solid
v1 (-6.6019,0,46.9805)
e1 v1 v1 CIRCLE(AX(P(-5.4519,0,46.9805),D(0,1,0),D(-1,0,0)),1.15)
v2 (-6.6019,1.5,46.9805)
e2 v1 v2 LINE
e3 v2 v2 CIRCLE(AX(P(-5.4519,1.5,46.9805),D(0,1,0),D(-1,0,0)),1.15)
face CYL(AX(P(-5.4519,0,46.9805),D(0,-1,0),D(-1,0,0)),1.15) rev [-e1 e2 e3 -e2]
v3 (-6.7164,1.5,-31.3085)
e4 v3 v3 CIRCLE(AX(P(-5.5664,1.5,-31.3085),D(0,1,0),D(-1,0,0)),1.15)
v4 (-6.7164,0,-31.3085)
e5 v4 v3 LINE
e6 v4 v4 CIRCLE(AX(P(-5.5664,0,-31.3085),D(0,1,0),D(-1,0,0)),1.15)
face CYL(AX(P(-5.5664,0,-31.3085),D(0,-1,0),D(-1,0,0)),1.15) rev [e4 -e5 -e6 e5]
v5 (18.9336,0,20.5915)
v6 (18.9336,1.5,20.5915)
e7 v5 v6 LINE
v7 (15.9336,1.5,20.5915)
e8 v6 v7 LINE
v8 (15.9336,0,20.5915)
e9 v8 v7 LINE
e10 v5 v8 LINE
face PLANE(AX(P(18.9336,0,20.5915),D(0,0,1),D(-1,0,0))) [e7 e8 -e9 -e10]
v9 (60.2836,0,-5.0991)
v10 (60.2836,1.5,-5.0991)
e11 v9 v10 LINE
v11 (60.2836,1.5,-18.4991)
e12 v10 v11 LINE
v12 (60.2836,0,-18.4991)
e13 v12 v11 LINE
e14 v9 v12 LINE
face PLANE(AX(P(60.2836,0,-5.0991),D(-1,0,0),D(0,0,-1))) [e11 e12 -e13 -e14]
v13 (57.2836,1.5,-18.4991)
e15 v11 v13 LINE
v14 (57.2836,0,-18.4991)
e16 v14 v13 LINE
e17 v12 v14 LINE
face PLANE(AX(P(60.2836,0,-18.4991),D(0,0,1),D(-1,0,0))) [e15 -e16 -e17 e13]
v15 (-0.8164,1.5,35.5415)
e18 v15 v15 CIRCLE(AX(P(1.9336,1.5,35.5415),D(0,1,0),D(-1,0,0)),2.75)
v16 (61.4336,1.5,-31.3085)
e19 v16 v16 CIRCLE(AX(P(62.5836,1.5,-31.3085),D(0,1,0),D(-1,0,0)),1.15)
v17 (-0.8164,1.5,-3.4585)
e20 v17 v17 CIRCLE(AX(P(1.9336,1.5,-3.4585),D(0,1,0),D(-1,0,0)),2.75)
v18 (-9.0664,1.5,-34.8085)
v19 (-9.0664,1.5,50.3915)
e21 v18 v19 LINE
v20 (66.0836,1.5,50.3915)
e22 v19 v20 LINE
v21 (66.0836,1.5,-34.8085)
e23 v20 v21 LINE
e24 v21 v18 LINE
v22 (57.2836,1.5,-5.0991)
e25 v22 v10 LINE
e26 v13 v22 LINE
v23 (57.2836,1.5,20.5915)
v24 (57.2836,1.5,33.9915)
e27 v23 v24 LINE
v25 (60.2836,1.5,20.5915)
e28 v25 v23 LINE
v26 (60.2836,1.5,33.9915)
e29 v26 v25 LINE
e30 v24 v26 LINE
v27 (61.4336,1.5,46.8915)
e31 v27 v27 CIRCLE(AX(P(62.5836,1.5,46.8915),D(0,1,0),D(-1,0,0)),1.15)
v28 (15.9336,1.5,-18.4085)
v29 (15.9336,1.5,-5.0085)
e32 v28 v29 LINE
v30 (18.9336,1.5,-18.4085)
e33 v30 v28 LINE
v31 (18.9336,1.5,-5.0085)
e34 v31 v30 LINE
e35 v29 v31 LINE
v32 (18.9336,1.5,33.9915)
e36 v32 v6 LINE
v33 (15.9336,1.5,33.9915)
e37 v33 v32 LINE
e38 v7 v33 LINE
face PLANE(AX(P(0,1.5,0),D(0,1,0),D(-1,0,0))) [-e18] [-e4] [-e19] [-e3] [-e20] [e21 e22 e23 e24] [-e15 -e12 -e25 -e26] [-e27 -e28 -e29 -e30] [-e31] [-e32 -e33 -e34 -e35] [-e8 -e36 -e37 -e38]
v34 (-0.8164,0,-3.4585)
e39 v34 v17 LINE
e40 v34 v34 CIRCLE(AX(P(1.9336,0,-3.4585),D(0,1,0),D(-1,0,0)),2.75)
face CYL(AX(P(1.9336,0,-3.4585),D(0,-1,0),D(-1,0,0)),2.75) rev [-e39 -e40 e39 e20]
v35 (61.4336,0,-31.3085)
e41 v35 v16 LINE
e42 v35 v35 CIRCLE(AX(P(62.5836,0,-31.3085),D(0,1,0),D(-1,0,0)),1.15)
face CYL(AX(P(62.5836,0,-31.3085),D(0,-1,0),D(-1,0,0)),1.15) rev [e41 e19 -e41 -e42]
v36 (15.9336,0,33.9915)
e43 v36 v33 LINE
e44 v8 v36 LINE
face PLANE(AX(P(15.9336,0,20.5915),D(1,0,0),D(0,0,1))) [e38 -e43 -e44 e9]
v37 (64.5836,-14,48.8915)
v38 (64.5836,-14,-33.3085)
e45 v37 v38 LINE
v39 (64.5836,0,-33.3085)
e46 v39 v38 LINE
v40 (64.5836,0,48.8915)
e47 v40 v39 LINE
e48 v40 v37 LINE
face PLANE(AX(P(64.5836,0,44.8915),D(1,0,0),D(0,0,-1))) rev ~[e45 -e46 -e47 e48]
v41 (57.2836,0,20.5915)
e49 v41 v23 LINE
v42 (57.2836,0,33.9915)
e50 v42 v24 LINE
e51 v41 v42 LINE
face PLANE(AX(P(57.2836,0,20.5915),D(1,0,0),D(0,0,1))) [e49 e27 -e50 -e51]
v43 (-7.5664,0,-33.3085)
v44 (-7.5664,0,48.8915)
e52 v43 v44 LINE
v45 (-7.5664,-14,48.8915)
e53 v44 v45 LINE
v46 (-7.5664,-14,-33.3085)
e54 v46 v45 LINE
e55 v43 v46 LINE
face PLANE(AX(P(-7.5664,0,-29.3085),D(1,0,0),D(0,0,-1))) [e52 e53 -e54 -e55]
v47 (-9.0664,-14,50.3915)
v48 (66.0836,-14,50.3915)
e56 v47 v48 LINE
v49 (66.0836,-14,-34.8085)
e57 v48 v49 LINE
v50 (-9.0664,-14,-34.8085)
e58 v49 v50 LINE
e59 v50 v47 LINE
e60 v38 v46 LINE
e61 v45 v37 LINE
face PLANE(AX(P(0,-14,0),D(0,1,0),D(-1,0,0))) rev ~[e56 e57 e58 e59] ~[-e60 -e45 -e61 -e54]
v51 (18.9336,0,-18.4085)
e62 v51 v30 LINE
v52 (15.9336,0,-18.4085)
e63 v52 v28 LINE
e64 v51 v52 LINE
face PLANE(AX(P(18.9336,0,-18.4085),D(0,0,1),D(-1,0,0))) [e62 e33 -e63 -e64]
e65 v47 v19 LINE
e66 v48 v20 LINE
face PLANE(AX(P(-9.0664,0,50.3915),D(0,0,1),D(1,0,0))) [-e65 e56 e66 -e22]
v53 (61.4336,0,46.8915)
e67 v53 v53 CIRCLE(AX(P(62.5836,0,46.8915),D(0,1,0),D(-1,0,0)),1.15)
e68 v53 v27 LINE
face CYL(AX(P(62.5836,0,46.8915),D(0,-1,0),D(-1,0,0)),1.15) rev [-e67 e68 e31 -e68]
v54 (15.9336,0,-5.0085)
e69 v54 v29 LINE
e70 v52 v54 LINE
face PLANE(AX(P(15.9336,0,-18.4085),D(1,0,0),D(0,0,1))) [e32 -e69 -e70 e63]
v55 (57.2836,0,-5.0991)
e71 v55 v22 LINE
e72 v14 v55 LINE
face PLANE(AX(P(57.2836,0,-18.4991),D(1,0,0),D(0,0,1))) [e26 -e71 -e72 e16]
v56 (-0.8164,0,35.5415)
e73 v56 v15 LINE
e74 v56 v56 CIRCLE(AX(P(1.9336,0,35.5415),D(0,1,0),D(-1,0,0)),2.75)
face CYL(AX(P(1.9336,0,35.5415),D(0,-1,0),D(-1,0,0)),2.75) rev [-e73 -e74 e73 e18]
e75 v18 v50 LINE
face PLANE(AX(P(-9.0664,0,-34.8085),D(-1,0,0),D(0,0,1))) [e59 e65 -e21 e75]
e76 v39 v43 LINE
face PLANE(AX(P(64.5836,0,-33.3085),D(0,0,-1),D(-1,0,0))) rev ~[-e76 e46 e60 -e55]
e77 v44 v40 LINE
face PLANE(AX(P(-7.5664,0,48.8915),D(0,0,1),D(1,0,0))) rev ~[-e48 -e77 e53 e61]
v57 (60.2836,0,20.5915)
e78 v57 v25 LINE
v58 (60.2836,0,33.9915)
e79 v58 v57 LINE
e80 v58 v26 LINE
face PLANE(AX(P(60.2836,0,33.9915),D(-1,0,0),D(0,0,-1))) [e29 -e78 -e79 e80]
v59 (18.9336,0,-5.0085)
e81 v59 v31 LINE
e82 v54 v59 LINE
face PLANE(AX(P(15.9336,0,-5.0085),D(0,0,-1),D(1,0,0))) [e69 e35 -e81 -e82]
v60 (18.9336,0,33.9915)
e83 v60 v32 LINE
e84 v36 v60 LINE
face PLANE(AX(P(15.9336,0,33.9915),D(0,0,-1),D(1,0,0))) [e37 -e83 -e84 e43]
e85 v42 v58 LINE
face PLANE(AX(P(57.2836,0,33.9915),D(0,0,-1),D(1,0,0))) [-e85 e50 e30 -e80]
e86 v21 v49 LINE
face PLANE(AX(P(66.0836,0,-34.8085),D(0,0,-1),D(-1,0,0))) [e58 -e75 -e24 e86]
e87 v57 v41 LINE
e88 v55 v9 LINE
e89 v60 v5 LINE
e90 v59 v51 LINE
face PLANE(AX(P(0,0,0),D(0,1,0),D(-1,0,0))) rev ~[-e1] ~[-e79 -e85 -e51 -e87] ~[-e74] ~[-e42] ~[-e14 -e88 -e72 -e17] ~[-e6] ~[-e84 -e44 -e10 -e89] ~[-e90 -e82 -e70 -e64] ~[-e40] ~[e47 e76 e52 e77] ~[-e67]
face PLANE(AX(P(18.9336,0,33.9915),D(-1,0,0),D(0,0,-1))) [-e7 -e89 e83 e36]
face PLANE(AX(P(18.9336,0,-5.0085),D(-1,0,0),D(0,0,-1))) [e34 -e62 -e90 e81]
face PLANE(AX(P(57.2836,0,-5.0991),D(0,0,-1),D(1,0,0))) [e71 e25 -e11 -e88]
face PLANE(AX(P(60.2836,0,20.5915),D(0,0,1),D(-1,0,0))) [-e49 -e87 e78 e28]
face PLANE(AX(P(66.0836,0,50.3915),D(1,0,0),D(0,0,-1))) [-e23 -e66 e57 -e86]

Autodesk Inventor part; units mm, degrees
ref_plane "YZ Plane" through (0, 0, 0) normal (1, 0, 0) x (0, 1, 0)
ref_plane "XZ Plane" through (0, 0, 0) normal (0, 1, 0) x (-1, 0, 0)
ref_plane "XY Plane" through (0, 0, 0) normal (0, 0, 1) x (1, 0, 0)
sketch "Sketch1" plane through (0, 0, 0) normal (0, 1, 0) x (-1, 0, 0)
  line L0 (-58.4836, 42.7915) -> (-27.4836, 42.7915) construction
  line L1 (-27.4836, 42.7915) -> (-27.4836, 11.7915) construction
  line L2 (-27.4836, 11.7915) -> (-58.4836, 11.7915) construction
  line L3 (-58.4836, 11.7915) -> (-58.4836, 20.5915) construction
  line L4 (-58.4836, 42.7915) -> (-27.4836, 11.7915) construction
  line L5 (-27.4836, 42.7915) -> (-58.4836, 11.7915) construction
  line L6 (-58.4836, 3.6103) -> (-27.4836, 3.6103) construction
  line L7 (-27.4836, 3.6103) -> (-27.4836, -27.2085) construction
  line L8 (-27.4836, -27.2085) -> (-58.4836, -27.2085) construction
  line L9 (-58.4836, -27.2085) -> (-58.4836, -18.4991) construction
  line L10 (-58.4836, 3.6103) -> (-27.4836, -27.2085) construction
  line L11 (-20.4336, 38.5415) -> (2.0664, 38.5415) construction
  line L12 (2.0664, 38.5415) -> (2.0664, 16.0415) construction
  line L13 (2.0664, 16.0415) -> (-20.4336, 16.0415) construction
  line L14 (-20.4336, 16.0415) -> (-20.4336, 38.5415) construction
  line L15 (-20.4336, 38.5415) -> (2.0664, 16.0415) construction
  line L16 (2.0664, 38.5415) -> (-20.4336, 16.0415) construction
  line L17 (-20.5481, -0.4585) -> (2.0664, -0.4585) construction
  line L18 (2.0664, -0.4585) -> (2.0664, -22.9585) construction
  line L19 (2.0664, -22.9585) -> (-20.5481, -22.9585) construction
  line L20 (-20.5481, -22.9585) -> (-20.5481, -0.4585) construction
  line L21 (-20.5481, -0.4585) -> (2.0664, -22.9585) construction
  line L22 (2.0664, -0.4585) -> (-20.5481, -22.9585) construction
  line L23 (3.5664, -29.3085) -> (-60.5836, -29.3085) construction
  line L24 (-60.5836, -29.3085) -> (-60.5836, 44.8915) construction
  line L25 (-60.5836, 44.8915) -> (-64.5836, 44.8915) construction
  line L26 (-64.5836, 44.8915) -> (-64.5836, 48.8915)
  line L27 (-64.5836, 48.8915) -> (-60.5836, 48.8915)
  line L28 (-60.5836, 48.8915) -> (-60.5836, 44.8915) construction
  line L29 (-60.5836, -29.3085) -> (-64.5836, -29.3085) construction
  line L30 (-64.5836, -29.3085) -> (-64.5836, -33.3085)
  line L31 (-64.5836, -33.3085) -> (-60.5836, -33.3085)
  line L32 (-60.5836, -33.3085) -> (-60.5836, -29.3085) construction
  line L33 (3.5664, -29.3085) -> (7.5664, -29.3085) construction
  line L34 (7.5664, -29.3085) -> (7.5664, -33.3085)
  line L35 (7.5664, -33.3085) -> (3.5664, -33.3085)
  line L36 (3.5664, -33.3085) -> (3.5664, -29.3085) construction
  line L37 (3.5664, 44.8915) -> (7.5664, 44.8915) construction
  line L38 (7.5664, 44.8915) -> (7.5664, 48.8915)
  line L39 (7.5664, 48.8915) -> (3.5664, 48.8915)
  line L40 (3.5664, 48.8915) -> (3.5664, 44.8915) construction
  circle A0 centre (5.4519, 46.9805) radius 1.15
  circle A1 centre (-62.5836, 46.8915) radius 1.15
  circle A2 centre (-62.5836, -31.3085) radius 1.15
  circle A3 centre (5.5664, -31.3085) radius 1.15
  line L41 (3.5664, 48.8915) -> (-60.5836, 48.8915)
  line L42 (-64.5836, 44.8915) -> (-64.5836, -29.3085)
  line L43 (-60.5836, -33.3085) -> (3.5664, -33.3085)
  line L44 (7.5664, -29.3085) -> (7.5664, 44.8915)
  line L45 (3.5664, 44.8915) -> (-60.5836, 44.8915) construction
  line L46 (3.5664, 44.8915) -> (3.5664, -29.3085) construction
  line L47 (-57.2836, 33.9915) -> (-60.2836, 33.9915)
  line L48 (-60.2836, 33.9915) -> (-60.2836, 20.5915)
  line L49 (-60.2836, 20.5915) -> (-57.2836, 20.5915)
  line L50 (-57.2836, 20.5915) -> (-57.2836, 33.9915)
  line L51 (-57.2836, -5.0991) -> (-60.2836, -5.0991)
  line L52 (-60.2836, -5.0991) -> (-60.2836, -18.4991)
  line L53 (-60.2836, -18.4991) -> (-57.2836, -18.4991)
  line L54 (-57.2836, -18.4991) -> (-57.2836, -5.0991)
  line L55 (-58.4836, 20.5915) -> (-58.4836, 33.9915) construction
  line L56 (-58.4836, 33.9915) -> (-58.4836, 42.7915) construction
  line L57 (-58.4836, -5.0991) -> (-58.4836, 3.6103) construction
  line L58 (-58.4836, -18.4991) -> (-58.4836, -5.0991) construction
  line L59 (-62.5836, 46.8915) -> (-60.5836, 46.8915) construction
  line L60 (-62.5836, 46.8915) -> (-62.5836, 44.8915) construction
  line L61 (-62.5836, 46.8915) -> (-64.5836, 46.8915) construction
  line L62 (-62.5836, 46.8915) -> (-62.5836, 48.8915) construction
  line L63 (-64.5836, -31.3085) -> (-62.5836, -31.3085) construction
  line L64 (-62.5836, -31.3085) -> (-60.5836, -31.3085) construction
  line L65 (-62.5836, -31.3085) -> (-62.5836, -29.3085) construction
  line L66 (-62.5836, -31.3085) -> (-62.5836, -33.3085) construction
  line L67 (5.5664, 46.8915) -> (3.5664, 46.8915) construction
  line L68 (5.5664, 46.8915) -> (7.5664, 46.8915) construction
  line L69 (5.5664, 46.8915) -> (5.5664, 44.8915) construction
  line L70 (5.5664, 44.8915) -> (5.5664, 46.8915) construction
  line L71 (5.5664, 46.8915) -> (5.5664, 48.8915) construction
  line L72 (5.5664, -31.3085) -> (5.5664, -33.3085) construction
  line L73 (5.5664, -31.3085) -> (3.5664, -31.3085) construction
  line L74 (5.5664, -31.3085) -> (5.5664, -29.3085) construction
  line L75 (5.5664, -31.3085) -> (7.5664, -31.3085) construction
  circle A4 centre (-1.9336, 35.5415) radius 2.75
  circle A5 centre (-1.9336, -3.4585) radius 2.75
  line L76 (-1.9336, 35.5415) -> (-1.9336, 38.5415) construction
  line L77 (-1.9336, 35.5415) -> (2.0664, 35.5415) construction
  line L78 (-1.9336, -3.4585) -> (2.0664, -3.4585) construction
  line L79 (-1.9336, -3.4585) -> (-1.9336, -0.4585) construction
  line L80 (-15.9336, 33.9915) -> (-18.9336, 33.9915)
  line L81 (-18.9336, 33.9915) -> (-18.9336, 20.5915)
  line L82 (-18.9336, 20.5915) -> (-15.9336, 20.5915)
  line L83 (-15.9336, 20.5915) -> (-15.9336, 33.9915)
  line L84 (-15.9336, -5.0085) -> (-18.9336, -5.0085)
  line L85 (-18.9336, -5.0085) -> (-18.9336, -18.4085)
  line L86 (-18.9336, -18.4085) -> (-15.9336, -18.4085)
  line L87 (-15.9336, -18.4085) -> (-15.9336, -5.0085)
  line L88 (9.0664, 50.3915) -> (-66.0836, 50.3915)
  line L89 (-66.0836, 50.3915) -> (-66.0836, -34.8085)
  line L90 (-66.0836, -34.8085) -> (9.0664, -34.8085)
  line L91 (9.0664, -34.8085) -> (9.0664, 50.3915)
  point P0 (-89.8981, -75.7195)
  dimension "d0" = 22.5
  dimension "d5" = 31
  dimension "d7" = 22.5
  dimension "d11" = 4
  dimension "d12" = 72.15
  dimension "d13" = 82.2
  dimension "d14" = 2.3
  dimension "d15" = 31
  dimension "d16" = 5.5
  dimension "d17" = 5.5
  dimension "d18" = 10.35
  dimension "d19" = 10.35
  dimension "d20" = 6.1
  dimension "d21" = 6.1
  dimension "d22" = 6.1
  dimension "d23" = 6.1
  dimension "d24" = 3
  dimension "d25" = 13.4
  dimension "d26" = 1.2
  dimension "d27" = 8.1812
  dimension "d28" = 16.5
  dimension "d29" = 5.5
  dimension "d30" = 5.5
  dimension "d31" = 3
  dimension "d32" = 4
  dimension "d33" = 1.5
  dimension "d34" = 4.55
  dimension "d35" = 4.55
  dimension "d36" = 4.55
  dimension "d37" = 1.5
  dimension "d38" = 1.5
  dimension "d39" = 1.5
  dimension "d40" = 1.5
extrude "Edges" add sketch "Sketch1" against normal blind 14 contours L91 L90 L89 L88
extrude "Surface" add sketch "Sketch1" along normal blind 1.5 contours L26 L27 L41 L39 L38 L44 L34 L35 L43 L31 L30 L42 | L91 L90 L89 L88
properties part number "CameraBoardCover" material "NylonD2W"
